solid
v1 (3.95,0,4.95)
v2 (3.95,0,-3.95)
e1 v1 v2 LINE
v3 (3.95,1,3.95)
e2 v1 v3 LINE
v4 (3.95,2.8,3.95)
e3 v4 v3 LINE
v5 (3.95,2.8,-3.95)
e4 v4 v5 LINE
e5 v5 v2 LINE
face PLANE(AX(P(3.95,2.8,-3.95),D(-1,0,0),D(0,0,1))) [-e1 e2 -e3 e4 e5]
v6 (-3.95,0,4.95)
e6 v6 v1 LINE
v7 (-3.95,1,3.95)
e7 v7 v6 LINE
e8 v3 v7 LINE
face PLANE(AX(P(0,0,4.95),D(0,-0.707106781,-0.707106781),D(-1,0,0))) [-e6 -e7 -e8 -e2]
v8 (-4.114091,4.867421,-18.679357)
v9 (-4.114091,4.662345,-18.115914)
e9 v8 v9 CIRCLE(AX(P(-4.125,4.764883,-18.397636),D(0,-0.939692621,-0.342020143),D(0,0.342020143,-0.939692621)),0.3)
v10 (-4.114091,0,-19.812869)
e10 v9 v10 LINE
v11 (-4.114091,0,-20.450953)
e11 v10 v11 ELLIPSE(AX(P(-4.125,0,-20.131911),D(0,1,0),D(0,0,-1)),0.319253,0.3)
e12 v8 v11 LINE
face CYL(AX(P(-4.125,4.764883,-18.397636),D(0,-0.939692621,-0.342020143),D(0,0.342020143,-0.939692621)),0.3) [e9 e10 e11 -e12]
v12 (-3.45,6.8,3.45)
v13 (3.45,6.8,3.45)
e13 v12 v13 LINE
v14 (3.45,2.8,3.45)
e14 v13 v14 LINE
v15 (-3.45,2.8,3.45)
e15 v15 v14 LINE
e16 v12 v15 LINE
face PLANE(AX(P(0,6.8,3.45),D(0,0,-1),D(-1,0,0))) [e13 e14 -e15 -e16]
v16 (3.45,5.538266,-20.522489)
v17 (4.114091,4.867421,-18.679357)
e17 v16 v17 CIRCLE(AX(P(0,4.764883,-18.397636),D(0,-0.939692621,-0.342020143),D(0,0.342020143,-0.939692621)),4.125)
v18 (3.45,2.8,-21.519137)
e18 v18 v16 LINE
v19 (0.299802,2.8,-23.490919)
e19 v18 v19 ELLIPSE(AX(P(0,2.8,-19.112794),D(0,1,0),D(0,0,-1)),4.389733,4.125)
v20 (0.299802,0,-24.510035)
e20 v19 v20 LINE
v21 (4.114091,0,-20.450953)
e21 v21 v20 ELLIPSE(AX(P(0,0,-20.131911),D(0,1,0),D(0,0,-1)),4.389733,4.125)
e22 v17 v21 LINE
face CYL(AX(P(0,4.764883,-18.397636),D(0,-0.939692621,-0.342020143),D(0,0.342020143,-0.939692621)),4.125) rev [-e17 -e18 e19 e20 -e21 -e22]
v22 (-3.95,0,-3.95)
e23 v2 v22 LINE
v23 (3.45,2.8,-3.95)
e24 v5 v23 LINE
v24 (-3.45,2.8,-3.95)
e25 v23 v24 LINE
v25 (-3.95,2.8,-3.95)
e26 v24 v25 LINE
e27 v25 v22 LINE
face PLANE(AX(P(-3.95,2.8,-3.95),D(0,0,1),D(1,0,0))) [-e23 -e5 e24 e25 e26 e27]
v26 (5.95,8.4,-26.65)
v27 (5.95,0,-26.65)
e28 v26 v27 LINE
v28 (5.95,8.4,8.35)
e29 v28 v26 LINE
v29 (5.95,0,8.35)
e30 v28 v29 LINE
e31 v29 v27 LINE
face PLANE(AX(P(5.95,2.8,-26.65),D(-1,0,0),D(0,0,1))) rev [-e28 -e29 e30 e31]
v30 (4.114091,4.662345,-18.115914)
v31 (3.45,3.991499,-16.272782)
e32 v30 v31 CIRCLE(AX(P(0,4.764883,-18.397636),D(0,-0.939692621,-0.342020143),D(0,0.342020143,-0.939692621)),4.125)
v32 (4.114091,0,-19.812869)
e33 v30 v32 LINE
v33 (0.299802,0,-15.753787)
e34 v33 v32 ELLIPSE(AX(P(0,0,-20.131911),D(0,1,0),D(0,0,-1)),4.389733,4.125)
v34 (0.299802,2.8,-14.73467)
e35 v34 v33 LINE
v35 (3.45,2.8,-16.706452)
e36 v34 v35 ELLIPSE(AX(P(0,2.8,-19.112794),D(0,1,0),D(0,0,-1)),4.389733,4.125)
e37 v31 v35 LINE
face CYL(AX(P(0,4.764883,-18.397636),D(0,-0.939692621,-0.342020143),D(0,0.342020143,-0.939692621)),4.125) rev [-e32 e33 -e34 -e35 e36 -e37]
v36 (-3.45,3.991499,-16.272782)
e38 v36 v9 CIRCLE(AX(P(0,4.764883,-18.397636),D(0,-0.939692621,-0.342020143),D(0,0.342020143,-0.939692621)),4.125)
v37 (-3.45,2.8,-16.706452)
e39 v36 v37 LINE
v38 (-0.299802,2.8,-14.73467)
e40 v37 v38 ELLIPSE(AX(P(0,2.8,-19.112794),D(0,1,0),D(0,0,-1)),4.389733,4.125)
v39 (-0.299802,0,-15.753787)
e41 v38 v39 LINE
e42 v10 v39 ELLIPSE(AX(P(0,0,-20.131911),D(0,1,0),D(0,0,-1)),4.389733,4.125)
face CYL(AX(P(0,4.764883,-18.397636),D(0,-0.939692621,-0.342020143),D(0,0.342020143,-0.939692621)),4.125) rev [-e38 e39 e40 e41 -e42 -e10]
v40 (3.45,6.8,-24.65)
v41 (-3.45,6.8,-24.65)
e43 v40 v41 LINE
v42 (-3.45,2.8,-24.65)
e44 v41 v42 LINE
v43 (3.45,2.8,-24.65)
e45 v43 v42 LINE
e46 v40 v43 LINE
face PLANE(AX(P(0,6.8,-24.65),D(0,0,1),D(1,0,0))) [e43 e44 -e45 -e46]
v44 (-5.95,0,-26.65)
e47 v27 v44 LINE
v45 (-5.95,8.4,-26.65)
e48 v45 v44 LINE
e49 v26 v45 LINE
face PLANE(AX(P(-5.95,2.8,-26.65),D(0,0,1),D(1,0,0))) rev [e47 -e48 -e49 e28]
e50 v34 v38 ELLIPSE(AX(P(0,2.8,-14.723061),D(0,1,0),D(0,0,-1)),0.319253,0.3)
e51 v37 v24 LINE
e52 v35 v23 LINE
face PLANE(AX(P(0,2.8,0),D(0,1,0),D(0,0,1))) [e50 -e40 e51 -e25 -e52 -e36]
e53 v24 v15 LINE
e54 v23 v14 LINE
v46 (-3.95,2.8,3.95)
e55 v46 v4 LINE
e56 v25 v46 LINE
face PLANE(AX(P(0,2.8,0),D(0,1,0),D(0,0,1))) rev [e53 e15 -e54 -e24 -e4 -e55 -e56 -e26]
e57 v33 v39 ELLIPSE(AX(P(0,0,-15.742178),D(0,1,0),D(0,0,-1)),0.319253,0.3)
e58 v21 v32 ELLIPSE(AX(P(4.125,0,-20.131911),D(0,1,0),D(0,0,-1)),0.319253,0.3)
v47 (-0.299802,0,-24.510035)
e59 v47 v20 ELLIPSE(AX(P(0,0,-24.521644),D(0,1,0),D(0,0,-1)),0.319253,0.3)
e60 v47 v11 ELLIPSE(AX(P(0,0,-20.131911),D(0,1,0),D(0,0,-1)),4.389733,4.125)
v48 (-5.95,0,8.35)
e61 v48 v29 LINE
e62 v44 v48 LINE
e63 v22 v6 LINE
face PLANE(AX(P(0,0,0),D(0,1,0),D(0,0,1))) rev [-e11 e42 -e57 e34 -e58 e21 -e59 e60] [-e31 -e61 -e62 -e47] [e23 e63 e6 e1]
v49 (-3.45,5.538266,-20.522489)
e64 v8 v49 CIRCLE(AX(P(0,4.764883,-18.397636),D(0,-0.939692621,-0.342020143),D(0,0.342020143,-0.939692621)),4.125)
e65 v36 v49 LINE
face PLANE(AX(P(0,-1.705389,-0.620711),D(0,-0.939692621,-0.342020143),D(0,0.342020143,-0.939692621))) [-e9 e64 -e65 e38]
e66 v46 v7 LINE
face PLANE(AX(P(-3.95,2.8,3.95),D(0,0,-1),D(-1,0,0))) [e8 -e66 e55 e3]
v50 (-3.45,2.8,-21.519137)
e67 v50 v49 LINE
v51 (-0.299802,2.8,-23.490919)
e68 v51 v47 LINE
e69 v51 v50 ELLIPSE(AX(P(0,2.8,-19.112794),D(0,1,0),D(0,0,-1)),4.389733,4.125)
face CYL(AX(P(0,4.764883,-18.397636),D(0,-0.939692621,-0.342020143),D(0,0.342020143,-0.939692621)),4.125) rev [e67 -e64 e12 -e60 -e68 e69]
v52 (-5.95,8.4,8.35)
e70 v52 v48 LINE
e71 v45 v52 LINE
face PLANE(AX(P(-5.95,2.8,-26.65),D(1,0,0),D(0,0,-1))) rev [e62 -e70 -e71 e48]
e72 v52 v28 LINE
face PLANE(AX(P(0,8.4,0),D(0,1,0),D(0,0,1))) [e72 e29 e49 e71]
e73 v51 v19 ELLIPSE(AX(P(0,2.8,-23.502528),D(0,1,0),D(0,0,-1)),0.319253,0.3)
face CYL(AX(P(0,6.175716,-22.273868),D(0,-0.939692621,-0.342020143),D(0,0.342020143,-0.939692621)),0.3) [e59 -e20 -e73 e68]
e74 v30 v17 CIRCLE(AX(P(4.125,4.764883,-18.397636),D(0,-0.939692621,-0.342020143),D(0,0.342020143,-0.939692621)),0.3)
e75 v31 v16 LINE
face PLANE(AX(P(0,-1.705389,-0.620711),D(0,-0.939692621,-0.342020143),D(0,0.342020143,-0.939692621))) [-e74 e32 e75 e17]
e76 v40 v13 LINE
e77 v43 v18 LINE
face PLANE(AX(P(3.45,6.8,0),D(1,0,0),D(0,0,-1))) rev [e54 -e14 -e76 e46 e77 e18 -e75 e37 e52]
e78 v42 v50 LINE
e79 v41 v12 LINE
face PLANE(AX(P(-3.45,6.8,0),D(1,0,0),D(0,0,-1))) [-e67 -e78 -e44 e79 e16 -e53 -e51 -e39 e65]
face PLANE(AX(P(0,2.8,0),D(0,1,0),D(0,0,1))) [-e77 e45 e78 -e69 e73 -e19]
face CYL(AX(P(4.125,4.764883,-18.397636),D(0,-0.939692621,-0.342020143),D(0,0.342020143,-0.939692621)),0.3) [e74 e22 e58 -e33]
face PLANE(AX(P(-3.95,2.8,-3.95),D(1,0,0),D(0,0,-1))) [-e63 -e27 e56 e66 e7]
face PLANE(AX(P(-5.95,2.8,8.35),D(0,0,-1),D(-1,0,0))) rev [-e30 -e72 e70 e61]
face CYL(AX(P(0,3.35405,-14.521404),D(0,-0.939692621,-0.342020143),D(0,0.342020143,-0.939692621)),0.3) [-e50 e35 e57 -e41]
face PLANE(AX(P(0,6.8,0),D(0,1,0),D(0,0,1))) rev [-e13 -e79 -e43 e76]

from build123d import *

# Parameters (mm, degrees)
SKETCH1_W           = 11.9
SKETCH1_H           = 35
SKETCH1_W_2         = 7.9
SKETCH1_H_2         = 7.9
BOSS_EXTRUDE1_DEPTH = 2.8
SKETCH2_W           = 11.9
SKETCH2_H           = 35
BOSS_EXTRUDE2_DEPTH = 4
SKETCH3_W           = 11.9
SKETCH3_H           = 35
BOSS_EXTRUDE3_DEPTH = 1.6
CUT_EXTRUDE1_DEPTH  = 7.3
CHAMFER1_SIZE       = 1


with BuildPart() as part:
    # Sketch1 → Boss-Extrude1 (new body)
    with BuildSketch(Plane(origin=(0, 0, 0), x_dir=(1, 0, 0), z_dir=(0, 1, 0))):
        with Locations((0, 9.15)):
            Rectangle(SKETCH1_W, SKETCH1_H)
        Rectangle(SKETCH1_W_2, SKETCH1_H_2, mode=Mode.SUBTRACT)
    extrude(amount=BOSS_EXTRUDE1_DEPTH)

    # Sketch2 → Boss-Extrude2 (add)
    with BuildSketch(Plane(origin=(0, 2.8, 0), x_dir=(1, 0, 0), z_dir=(0, 1, 0))):
        with Locations((0, 9.15)):
            Rectangle(SKETCH2_W, SKETCH2_H)
        Polygon((-3.95, 3.95), (-3.45, 3.95), (-3.45, 24.65), (3.45, 24.65), (3.45, 3.95), (3.95, 3.95), (3.95, -3.95), (-3.95, -3.95), align=None, mode=Mode.SUBTRACT)
        Polygon((3.45, -3.45), (-3.45, -3.45), (-3.45, 3.45), (-3.45, 3.95), (-3.95, 3.95), (-3.95, -3.95), (3.95, -3.95), (3.95, 3.95), (3.45, 3.95), (3.45, 3.45), align=None)
    extrude(amount=BOSS_EXTRUDE2_DEPTH)

    # Sketch3 → Boss-Extrude3 (add)
    with BuildSketch(Plane(origin=(0, 6.8, 0), x_dir=(1, 0, 0), z_dir=(0, 1, 0))):
        with Locations((0, 9.15)):
            Rectangle(SKETCH3_W, SKETCH3_H)
    extrude(amount=BOSS_EXTRUDE3_DEPTH)

    # Sketch4 → Cut-Extrude1 (cut)
    with BuildSketch(Plane(origin=(0, -8.565144899, -3.117457795), x_dir=(-1, 0, 0), z_dir=(0, -0.9396926207859081, -0.34202014332566943))):
        with BuildLine():
            ThreePointArc((4.114090909, 18.618006757), (3.825, 18.917808344), (4.114090909, 19.217609931))
            ThreePointArc((4.114090909, 19.217609931), (2.916815472, 21.834623816), (0.299801587, 23.031899253))
            ThreePointArc((0.299801587, 23.031899253), (0, 22.742808344), (-0.299801587, 23.031899253))
            ThreePointArc((-0.299801587, 23.031899253), (-2.916815472, 21.834623816), (-4.114090909, 19.217609931))
            ThreePointArc((-4.114090909, 19.217609931), (-3.909045459, 19.126047717), (-3.825, 18.917808344))
            ThreePointArc((-3.825, 18.917808344), (-3.909045459, 18.709568971), (-4.114090909, 18.618006757))
            ThreePointArc((-4.114090909, 18.618006757), (-2.916815472, 16.000992872), (-0.299801587, 14.803717435))
            ThreePointArc((-0.299801587, 14.803717435), (0, 15.092808344), (0.299801587, 14.803717435))
            ThreePointArc((0.299801587, 14.803717435), (2.916815472, 16.000992872), (4.114090909, 18.618006757))
        make_face()
    extrude(amount=-CUT_EXTRUDE1_DEPTH, mode=Mode.SUBTRACT)

    # Chamfer1
    chamfer1_edges = [part.edges().sort_by_distance(p)[0] for p in [
        (0, 0, 3.95),
    ]]
    chamfer(chamfer1_edges, length=CHAMFER1_SIZE)


solid = part.part
